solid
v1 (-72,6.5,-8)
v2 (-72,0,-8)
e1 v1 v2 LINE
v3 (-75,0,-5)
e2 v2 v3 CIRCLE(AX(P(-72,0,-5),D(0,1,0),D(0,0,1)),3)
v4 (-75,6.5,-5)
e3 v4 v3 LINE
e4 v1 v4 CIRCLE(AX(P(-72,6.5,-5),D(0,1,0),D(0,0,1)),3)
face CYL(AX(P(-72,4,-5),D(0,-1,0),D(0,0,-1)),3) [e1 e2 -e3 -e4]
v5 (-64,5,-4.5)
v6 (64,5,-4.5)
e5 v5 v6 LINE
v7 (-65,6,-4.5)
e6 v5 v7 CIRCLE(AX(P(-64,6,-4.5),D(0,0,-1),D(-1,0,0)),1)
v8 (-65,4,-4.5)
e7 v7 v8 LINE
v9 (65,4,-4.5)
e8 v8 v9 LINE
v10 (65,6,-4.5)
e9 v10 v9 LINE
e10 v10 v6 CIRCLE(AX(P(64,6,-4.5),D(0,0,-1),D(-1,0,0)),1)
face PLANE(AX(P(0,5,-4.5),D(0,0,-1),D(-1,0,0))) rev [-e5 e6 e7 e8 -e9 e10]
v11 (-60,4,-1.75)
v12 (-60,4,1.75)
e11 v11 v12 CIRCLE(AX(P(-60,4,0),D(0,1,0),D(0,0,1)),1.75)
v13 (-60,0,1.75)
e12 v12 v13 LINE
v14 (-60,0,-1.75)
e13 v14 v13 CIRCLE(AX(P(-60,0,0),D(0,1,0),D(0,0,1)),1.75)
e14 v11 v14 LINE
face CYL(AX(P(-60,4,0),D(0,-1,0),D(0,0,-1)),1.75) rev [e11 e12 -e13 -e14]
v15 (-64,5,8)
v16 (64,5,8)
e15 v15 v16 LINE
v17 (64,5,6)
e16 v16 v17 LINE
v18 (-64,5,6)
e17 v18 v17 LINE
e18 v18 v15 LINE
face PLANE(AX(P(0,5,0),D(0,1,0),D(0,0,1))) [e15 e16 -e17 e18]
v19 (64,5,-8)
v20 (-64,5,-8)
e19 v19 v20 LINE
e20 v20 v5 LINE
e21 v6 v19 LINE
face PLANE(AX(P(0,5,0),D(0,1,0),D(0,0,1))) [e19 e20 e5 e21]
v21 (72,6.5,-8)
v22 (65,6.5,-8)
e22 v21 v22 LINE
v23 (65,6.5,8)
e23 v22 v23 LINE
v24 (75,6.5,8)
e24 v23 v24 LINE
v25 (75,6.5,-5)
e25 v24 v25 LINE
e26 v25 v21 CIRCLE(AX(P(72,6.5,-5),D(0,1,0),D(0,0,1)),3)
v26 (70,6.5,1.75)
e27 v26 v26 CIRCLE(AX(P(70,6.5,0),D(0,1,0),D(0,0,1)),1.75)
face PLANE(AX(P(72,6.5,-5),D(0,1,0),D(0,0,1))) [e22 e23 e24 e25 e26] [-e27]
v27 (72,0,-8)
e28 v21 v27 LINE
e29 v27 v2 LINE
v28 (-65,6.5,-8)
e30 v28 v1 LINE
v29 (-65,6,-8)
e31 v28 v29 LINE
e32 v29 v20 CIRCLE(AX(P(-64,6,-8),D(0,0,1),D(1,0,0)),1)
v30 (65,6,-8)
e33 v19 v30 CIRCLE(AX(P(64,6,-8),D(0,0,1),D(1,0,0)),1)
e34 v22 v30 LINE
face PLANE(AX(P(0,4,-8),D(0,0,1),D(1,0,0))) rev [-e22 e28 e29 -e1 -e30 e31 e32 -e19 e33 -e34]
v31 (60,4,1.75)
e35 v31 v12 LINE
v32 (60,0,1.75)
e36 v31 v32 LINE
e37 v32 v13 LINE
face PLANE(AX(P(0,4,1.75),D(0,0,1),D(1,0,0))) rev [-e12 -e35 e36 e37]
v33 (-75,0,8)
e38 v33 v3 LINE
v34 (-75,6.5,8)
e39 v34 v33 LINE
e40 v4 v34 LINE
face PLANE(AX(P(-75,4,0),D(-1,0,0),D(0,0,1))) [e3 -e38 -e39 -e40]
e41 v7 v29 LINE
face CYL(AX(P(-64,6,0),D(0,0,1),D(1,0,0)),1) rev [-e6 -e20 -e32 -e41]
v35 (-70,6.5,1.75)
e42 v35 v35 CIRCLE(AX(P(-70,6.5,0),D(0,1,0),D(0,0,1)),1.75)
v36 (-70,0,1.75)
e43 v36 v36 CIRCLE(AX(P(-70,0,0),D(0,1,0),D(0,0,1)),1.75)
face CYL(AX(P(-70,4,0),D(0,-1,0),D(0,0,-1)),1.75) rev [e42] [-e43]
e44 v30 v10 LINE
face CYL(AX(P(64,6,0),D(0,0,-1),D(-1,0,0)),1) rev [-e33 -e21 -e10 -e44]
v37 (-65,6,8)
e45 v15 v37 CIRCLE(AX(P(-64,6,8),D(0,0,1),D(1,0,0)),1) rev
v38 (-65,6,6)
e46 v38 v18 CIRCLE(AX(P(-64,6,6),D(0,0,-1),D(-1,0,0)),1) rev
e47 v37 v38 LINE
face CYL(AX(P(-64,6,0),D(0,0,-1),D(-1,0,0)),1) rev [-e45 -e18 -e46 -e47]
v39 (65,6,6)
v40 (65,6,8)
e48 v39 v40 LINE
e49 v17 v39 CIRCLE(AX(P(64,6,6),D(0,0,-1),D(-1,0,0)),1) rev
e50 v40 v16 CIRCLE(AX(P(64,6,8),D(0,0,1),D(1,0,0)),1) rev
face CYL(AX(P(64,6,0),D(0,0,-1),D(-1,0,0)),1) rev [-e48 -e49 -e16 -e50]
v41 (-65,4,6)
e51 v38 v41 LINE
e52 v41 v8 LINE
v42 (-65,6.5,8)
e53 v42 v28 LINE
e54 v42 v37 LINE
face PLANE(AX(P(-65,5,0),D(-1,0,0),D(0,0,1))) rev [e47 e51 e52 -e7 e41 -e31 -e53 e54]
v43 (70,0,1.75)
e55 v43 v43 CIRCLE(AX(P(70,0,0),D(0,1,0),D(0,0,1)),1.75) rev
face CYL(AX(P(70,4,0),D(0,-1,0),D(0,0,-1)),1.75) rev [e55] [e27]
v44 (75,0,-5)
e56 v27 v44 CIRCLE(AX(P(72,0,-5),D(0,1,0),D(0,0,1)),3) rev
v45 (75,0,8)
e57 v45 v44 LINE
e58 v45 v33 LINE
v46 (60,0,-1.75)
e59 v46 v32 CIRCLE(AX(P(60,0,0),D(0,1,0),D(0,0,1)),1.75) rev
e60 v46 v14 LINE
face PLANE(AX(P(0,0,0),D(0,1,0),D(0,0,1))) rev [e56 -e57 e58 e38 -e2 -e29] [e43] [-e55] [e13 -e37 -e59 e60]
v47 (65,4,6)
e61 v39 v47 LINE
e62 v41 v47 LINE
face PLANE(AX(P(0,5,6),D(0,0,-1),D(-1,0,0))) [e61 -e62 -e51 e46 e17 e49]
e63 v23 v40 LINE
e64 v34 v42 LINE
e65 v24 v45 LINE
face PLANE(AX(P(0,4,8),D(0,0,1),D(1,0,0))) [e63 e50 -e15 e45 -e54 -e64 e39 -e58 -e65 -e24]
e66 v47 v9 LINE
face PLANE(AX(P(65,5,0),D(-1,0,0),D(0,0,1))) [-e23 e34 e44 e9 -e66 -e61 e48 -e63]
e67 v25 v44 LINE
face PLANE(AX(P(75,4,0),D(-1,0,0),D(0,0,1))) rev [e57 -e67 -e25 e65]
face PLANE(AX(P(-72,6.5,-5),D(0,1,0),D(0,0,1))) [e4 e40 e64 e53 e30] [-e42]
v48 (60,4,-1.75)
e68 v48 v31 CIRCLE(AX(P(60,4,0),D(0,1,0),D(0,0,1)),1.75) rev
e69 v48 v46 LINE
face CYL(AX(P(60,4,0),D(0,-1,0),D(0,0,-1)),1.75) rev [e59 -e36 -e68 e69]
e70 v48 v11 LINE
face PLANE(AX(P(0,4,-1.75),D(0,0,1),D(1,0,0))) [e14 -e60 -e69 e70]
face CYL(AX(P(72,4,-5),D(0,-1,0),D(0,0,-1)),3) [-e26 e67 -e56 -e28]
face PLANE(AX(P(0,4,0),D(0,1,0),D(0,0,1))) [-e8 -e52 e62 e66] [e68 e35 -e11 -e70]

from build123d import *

# Parameters (mm, degrees)
SKETCH1_R           = 1.75
BOSS_EXTRUDE1_DEPTH = 4
SKETCH2_W           = 130
SKETCH2_H           = 10.5
SKETCH2_R           = 1.75
BOSS_EXTRUDE2_DEPTH = 1
SKETCH3_R           = 1.75
BOSS_EXTRUDE3_DEPTH = 1.5
FILLET1_R           = 1


with BuildPart() as part:
    # Sketch1 → Boss-Extrude1 (new body)
    with BuildSketch(Plane(origin=(0, 0, 0), x_dir=(1, 0, 0), z_dir=(0, 1, 0))):
        with BuildLine():
            Line((-75, -8), (75, -8))
            Line((75, -8), (75, 5))
            ThreePointArc((75, 5), (74.121320344, 7.121320344), (72, 8))
            Line((72, 8), (-72, 8))
            ThreePointArc((-72, 8), (-74.121320344, 7.121320344), (-75, 5))
            Line((-75, 5), (-75, -8))
        make_face()
        with Locations(Location((-70, 0, 0), (0, 0, 270))):
            Circle(SKETCH1_R, mode=Mode.SUBTRACT)
        with BuildLine():
            ThreePointArc((61.75, 0), (61.237436867, -1.237436867), (60, -1.75))
            Line((60, -1.75), (-60, -1.75))
            ThreePointArc((-60, -1.75), (-61.75, 0), (-60, 1.75))
            Line((-60, 1.75), (60, 1.75))
            ThreePointArc((60, 1.75), (61.237436867, 1.237436867), (61.75, 0))
        make_face(mode=Mode.SUBTRACT)
        with Locations(Location((70, 0, 0), (0, 0, 270))):
            Circle(SKETCH1_R, mode=Mode.SUBTRACT)
    extrude(amount=BOSS_EXTRUDE1_DEPTH)

    # Sketch2 → Boss-Extrude2 (add)
    with BuildSketch(Plane(origin=(0, 4, 0), x_dir=(1, 0, 0), z_dir=(0, 1, 0))):
        with BuildLine():
            Line((-75, -8), (75, -8))
            Line((75, -8), (75, 5))
            ThreePointArc((75, 5), (74.121320344, 7.121320344), (72, 8))
            Line((72, 8), (-72, 8))
            ThreePointArc((-72, 8), (-74.121320344, 7.121320344), (-75, 5))
            Line((-75, 5), (-75, -8))
        make_face()
        with Locations((0, -0.75)):
            Rectangle(SKETCH2_W, SKETCH2_H, mode=Mode.SUBTRACT)
        with Locations(Location((-70, 0, 0), (0, 0, 270))):
            Circle(SKETCH2_R, mode=Mode.SUBTRACT)
        with Locations(Location((70, 0, 0), (0, 0, 270))):
            Circle(SKETCH2_R, mode=Mode.SUBTRACT)
    extrude(amount=BOSS_EXTRUDE2_DEPTH)

    # Sketch3 → Boss-Extrude3 (add)
    # profile 1 of 2: a face of its own
    with BuildSketch(Plane(origin=(0, 5, 0), x_dir=(1, 0, 0), z_dir=(0, 1, 0))):
        with BuildLine():
            Line((65, 4.5), (65, 8))
            Line((65, 8), (72, 8))
            ThreePointArc((72, 8), (74.121320344, 7.121320344), (75, 5))
            Line((75, 5), (75, -8))
            Line((75, -8), (65, -8))
            Line((65, -8), (65, -6))
            Line((65, -6), (65, 4.5))
        make_face()
        with Locations(Location((70, 0, 0), (0, 0, 270))):
            Circle(SKETCH3_R, mode=Mode.SUBTRACT)
    # profile 2 of 2: a face of its own
    with BuildSketch(Plane(origin=(0, 5, 0), x_dir=(1, 0, 0), z_dir=(0, 1, 0))):
        with BuildLine():
            Line((-65, 4.5), (-65, 8))
            Line((-65, 8), (-72, 8))
            ThreePointArc((-72, 8), (-74.121320344, 7.121320344), (-75, 5))
            Line((-75, 5), (-75, -8))
            Line((-75, -8), (-65, -8))
            Line((-65, -8), (-65, -6))
            Line((-65, -6), (-65, 4.5))
        make_face()
        with Locations(Location((-70, 0, 0), (0, 0, 270))):
            Circle(SKETCH3_R, mode=Mode.SUBTRACT)
    extrude(amount=BOSS_EXTRUDE3_DEPTH)

    # Fillet1
    fillet1_edges = [part.edges().sort_by_distance(p)[0] for p in [
        (-65, 5, 7),
        (65, 5, 7),
        (65, 5, -6.25),
        (-65, 5, -6.25),
    ]]
    fillet(fillet1_edges, radius=FILLET1_R)


solid = part.part
